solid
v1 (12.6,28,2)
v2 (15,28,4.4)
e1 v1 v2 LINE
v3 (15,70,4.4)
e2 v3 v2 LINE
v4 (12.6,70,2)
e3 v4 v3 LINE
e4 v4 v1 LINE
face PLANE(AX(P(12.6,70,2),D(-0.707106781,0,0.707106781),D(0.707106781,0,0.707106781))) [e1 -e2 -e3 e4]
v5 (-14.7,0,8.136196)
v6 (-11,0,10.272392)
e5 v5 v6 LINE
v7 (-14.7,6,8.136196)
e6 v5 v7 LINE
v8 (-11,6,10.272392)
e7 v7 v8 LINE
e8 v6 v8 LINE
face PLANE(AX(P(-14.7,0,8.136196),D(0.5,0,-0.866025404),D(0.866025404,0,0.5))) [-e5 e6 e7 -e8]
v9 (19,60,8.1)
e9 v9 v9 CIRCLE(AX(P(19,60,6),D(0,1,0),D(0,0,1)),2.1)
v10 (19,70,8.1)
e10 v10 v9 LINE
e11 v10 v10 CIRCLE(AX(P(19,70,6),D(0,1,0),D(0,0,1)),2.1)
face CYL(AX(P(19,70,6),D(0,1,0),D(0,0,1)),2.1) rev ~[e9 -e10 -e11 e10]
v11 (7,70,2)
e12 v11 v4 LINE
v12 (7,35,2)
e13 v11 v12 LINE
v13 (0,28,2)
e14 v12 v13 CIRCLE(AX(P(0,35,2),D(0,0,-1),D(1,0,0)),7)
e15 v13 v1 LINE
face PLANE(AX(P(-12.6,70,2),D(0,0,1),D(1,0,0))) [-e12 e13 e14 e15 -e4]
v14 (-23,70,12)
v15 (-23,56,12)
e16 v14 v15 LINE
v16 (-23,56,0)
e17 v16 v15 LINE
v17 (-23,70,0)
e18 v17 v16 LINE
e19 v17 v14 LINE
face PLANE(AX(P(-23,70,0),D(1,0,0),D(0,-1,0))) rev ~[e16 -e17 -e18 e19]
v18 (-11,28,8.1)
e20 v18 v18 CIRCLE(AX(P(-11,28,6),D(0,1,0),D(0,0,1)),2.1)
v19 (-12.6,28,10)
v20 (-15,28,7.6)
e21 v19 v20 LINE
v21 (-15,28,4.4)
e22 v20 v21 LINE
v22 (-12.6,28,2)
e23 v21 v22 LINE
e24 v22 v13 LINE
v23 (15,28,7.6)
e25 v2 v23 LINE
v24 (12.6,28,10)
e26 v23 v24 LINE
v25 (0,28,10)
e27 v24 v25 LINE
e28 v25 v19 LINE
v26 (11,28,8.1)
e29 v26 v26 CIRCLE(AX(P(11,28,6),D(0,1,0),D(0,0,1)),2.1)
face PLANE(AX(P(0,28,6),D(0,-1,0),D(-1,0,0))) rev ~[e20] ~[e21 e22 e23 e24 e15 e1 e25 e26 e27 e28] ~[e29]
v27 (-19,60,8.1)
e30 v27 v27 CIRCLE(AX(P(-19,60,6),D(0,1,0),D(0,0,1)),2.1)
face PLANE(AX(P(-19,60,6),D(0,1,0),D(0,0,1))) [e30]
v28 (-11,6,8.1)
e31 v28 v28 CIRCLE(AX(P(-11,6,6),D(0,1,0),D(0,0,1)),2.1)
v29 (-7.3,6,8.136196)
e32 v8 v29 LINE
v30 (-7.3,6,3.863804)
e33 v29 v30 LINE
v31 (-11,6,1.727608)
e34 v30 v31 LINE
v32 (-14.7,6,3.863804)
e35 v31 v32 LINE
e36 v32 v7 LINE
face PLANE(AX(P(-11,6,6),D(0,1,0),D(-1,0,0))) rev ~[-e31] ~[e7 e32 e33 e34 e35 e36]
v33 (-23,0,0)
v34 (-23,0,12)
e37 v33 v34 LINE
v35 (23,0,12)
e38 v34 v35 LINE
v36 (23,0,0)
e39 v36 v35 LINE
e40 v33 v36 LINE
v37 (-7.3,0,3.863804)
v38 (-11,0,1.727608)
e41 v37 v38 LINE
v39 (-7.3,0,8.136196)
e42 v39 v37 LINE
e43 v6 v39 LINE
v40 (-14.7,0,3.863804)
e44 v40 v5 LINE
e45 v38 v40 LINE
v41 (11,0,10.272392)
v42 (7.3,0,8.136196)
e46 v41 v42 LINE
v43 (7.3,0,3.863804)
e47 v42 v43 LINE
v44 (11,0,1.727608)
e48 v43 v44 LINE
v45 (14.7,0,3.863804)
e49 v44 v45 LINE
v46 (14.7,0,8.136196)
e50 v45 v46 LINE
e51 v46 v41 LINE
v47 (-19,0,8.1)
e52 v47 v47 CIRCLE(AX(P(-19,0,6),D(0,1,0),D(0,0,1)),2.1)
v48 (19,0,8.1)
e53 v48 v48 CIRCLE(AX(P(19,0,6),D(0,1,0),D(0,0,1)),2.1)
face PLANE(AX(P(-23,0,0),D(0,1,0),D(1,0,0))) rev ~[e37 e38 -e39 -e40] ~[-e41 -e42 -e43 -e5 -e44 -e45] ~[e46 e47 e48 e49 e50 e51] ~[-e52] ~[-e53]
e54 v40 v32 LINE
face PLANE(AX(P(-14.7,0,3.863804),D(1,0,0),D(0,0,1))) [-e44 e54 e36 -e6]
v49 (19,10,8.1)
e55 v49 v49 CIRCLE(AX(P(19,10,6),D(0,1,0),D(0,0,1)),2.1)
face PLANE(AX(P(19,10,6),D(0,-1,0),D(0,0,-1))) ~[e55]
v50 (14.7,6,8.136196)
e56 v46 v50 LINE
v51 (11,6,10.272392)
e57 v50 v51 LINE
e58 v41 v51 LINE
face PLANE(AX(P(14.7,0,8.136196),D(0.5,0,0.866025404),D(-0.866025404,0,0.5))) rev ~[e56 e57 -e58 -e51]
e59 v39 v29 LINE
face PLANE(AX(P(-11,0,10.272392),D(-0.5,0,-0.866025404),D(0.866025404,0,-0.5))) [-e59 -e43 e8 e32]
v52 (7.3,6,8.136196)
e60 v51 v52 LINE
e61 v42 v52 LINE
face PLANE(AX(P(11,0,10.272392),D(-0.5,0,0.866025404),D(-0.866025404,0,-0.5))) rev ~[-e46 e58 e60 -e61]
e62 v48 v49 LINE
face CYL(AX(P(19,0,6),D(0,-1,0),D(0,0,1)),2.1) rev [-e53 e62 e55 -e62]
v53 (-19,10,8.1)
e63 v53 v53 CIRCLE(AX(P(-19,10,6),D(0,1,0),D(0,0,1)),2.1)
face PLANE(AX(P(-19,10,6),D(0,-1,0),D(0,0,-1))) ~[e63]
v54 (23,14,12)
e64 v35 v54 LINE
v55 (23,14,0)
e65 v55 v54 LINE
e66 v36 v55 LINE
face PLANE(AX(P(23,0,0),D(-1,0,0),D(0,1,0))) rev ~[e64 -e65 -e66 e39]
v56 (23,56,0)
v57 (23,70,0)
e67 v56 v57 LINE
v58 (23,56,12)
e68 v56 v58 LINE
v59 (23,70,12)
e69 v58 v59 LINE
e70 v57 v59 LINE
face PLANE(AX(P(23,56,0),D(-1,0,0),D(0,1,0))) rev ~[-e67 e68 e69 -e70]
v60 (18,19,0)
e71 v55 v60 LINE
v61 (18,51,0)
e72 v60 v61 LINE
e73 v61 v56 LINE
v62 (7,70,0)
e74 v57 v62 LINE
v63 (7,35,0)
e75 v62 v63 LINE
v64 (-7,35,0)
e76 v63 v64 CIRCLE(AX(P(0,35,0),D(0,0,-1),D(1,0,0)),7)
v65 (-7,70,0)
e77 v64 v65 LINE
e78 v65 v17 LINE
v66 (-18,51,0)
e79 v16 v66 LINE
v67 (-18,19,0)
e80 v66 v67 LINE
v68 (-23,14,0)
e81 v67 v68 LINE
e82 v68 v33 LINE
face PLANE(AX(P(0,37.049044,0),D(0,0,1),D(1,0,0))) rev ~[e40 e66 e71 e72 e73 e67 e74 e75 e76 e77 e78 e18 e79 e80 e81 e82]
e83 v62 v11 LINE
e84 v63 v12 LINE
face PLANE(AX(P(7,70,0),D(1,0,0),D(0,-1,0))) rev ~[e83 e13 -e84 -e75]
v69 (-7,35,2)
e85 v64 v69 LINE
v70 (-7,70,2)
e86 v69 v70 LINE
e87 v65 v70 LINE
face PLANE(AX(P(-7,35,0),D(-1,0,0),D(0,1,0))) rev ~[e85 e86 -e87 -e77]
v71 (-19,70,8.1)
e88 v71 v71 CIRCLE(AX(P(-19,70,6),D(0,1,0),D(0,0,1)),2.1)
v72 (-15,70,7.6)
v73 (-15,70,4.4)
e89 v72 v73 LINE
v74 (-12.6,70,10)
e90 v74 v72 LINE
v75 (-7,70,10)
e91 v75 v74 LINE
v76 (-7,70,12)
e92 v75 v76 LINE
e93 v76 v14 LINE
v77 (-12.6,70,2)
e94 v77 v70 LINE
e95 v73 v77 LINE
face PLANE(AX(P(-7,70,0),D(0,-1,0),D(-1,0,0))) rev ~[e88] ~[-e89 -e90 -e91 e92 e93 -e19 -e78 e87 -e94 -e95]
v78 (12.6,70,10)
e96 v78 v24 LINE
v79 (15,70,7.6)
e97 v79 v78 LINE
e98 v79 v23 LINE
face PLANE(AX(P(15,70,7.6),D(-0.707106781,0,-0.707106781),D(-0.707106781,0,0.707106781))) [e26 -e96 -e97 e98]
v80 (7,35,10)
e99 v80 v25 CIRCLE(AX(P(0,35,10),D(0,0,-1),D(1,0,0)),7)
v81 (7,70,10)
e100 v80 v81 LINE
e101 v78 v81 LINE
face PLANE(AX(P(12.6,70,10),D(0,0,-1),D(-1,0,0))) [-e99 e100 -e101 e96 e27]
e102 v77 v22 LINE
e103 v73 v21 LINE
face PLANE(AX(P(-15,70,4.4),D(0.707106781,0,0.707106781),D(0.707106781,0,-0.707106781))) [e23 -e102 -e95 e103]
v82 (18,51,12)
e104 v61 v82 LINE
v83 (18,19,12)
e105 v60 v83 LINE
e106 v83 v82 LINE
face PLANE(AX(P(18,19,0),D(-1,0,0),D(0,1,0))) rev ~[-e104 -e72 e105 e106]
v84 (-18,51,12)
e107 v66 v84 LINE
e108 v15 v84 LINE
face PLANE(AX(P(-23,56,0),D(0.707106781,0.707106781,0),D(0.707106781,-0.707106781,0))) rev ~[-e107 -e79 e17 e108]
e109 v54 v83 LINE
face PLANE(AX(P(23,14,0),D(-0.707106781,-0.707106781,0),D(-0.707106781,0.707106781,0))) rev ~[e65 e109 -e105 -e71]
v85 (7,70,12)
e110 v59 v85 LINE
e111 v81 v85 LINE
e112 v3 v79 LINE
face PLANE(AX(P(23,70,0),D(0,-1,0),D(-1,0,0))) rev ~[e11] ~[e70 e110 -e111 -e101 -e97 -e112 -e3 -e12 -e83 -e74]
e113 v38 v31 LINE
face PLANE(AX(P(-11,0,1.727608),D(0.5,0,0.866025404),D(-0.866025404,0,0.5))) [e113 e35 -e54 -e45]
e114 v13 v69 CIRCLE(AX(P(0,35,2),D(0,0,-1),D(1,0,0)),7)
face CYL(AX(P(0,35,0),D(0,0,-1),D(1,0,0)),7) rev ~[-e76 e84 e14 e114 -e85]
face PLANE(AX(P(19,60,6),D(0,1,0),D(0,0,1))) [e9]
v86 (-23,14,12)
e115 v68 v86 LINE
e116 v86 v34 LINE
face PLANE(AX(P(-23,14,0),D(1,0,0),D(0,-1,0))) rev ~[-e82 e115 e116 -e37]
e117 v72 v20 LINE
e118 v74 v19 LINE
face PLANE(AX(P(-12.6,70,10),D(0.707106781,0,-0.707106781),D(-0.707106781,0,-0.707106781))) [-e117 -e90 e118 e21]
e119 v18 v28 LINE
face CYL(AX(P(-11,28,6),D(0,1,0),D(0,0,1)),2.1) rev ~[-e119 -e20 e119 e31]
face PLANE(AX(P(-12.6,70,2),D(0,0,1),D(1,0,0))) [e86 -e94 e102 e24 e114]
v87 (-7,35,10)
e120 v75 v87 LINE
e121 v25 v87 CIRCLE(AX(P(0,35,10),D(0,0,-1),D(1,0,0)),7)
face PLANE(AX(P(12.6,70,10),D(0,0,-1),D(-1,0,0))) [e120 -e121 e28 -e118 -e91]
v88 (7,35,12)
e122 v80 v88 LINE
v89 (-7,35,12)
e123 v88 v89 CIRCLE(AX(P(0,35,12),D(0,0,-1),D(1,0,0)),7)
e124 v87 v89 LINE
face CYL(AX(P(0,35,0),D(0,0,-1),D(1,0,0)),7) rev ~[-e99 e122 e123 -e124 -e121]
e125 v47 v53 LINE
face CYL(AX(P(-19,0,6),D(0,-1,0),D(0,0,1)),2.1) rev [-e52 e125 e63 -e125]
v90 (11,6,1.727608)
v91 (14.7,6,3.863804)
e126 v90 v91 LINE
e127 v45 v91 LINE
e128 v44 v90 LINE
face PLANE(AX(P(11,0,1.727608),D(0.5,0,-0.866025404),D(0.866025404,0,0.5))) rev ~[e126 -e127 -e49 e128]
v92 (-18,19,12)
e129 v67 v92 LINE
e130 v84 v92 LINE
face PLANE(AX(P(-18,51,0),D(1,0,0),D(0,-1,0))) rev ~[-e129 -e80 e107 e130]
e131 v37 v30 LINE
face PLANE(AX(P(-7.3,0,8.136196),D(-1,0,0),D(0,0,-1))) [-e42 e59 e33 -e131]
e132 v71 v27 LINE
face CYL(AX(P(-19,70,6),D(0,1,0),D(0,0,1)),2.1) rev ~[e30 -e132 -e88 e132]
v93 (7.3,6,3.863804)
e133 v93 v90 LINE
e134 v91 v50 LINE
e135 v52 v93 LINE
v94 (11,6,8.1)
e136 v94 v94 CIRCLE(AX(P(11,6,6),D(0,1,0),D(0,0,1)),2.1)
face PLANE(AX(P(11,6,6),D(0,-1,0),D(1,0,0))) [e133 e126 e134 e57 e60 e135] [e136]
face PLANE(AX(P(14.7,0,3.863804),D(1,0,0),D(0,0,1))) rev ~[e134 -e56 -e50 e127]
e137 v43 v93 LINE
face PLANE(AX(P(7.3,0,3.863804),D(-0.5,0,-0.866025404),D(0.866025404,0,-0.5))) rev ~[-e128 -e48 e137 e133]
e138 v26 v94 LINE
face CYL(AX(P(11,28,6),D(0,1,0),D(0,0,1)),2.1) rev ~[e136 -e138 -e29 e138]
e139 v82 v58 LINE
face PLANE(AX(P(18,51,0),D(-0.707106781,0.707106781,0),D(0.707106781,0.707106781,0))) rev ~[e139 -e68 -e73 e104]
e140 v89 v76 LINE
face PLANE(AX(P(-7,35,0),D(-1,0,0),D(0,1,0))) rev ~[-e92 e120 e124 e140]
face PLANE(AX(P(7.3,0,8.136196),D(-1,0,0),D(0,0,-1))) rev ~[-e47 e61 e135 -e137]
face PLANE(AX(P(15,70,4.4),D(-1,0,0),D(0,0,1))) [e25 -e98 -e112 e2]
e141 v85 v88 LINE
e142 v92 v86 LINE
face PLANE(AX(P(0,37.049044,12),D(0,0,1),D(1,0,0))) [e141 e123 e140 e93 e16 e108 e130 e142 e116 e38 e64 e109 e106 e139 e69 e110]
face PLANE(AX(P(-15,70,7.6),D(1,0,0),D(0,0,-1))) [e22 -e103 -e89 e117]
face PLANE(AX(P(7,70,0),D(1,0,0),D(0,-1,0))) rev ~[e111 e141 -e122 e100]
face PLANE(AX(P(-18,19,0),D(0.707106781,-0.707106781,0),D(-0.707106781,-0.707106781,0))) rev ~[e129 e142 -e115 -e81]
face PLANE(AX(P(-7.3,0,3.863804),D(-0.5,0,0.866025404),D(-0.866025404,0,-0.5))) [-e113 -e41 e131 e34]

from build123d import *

# Parameters (mm, degrees)
DODANIE_WYCI_GNI_CIE1_DEPTH = 12
SZKIC2_R                    = 2.1
WYTNIJ_WYCI_GNI_CIE1_DEPTH  = 10
WYTNIJ_WYCI_GNI_CIE2_DEPTH  = 42
WYTNIJ_WYCI_GNI_CIE3_REACH  = 51.366
SZKIC4_R                    = 2.1
WYTNIJ_WYCI_GNI_CIE4_DEPTH  = 6


with BuildPart() as part:
    # Szkic1 → Dodanie-wyciągnięcie1 (new body)
    with BuildSketch(Plane.XY):
        with BuildLine():
            Line((-23, 0), (23, 0))
            Line((23, 0), (23, 14))
            Line((23, 14), (18, 19))
            Line((18, 19), (18, 51))
            Line((18, 51), (23, 56))
            Line((23, 56), (23, 70))
            Line((23, 70), (7, 70))
            Line((7, 70), (7, 35))
            ThreePointArc((7, 35), (0, 28), (-7, 35))
            Line((-7, 35), (-7, 70))
            Line((-7, 70), (-23, 70))
            Line((-23, 70), (-23, 56))
            Line((-23, 56), (-18, 51))
            Line((-18, 51), (-18, 19))
            Line((-18, 19), (-23, 14))
            Line((-23, 14), (-23, 0))
        make_face()
    extrude(amount=DODANIE_WYCI_GNI_CIE1_DEPTH)

    # Szkic2 → Wytnij-wyciągnięcie1 (cut)
    with BuildSketch(Plane(origin=(0, 70, 0), x_dir=(1, 0, 0), z_dir=(0, 1, 0))):
        with Locations(Location((-19, -6, 0), (0, 0, 270))):
            Circle(SZKIC2_R)
        with Locations(Location((19, -6, 0), (0, 0, 270))):
            Circle(SZKIC2_R)
    wytnij_wyci_gni_cie1 = extrude(amount=-WYTNIJ_WYCI_GNI_CIE1_DEPTH, mode=Mode.SUBTRACT)

    # Lustro1: Wytnij-wyciągnięcie1 across plane
    add(wytnij_wyci_gni_cie1.mirror(Plane(origin=(0, 35, 0), x_dir=(0, 0, 1), z_dir=(0, -1, 0))), mode=Mode.SUBTRACT)

    # Szkic3 → Wytnij-wyciągnięcie2 (cut)
    with BuildSketch(Plane(origin=(0, 70, 0), x_dir=(-1, 0, 0), z_dir=(0, -1, 0))):
        Polygon((12.6, -2), (-12.6, -2), (-15, -4.4), (-15, -7.6), (-12.6, -10), (12.6, -10), (15, -7.6), (15, -4.4), align=None)
    extrude(amount=WYTNIJ_WYCI_GNI_CIE2_DEPTH, mode=Mode.SUBTRACT)

    # Szkic4 → Wytnij-wyciągnięcie3 (cut, up to next)
    with BuildSketch(Plane(origin=(0, 28, 0), x_dir=(1, 0, 0), z_dir=(0, 1, 0)), mode=Mode.PRIVATE) as wytnij_wyci_gni_cie3_sk1:
        with Locations(Location((11, -6, 0), (0, 0, 270))):
            Circle(SZKIC4_R)
    wytnij_wyci_gni_cie3_tool1 = extrude(wytnij_wyci_gni_cie3_sk1.sketch, amount=-WYTNIJ_WYCI_GNI_CIE3_REACH, mode=Mode.PRIVATE) & part.part
    # Szkic4 → Wytnij-wyciągnięcie3 (cut, up to next)
    with BuildSketch(Plane(origin=(0, 28, 0), x_dir=(1, 0, 0), z_dir=(0, 1, 0)), mode=Mode.PRIVATE) as wytnij_wyci_gni_cie3_sk2:
        with Locations(Location((-11, -6, 0), (0, 0, 270))):
            Circle(SZKIC4_R)
    wytnij_wyci_gni_cie3_tool2 = extrude(wytnij_wyci_gni_cie3_sk2.sketch, amount=-WYTNIJ_WYCI_GNI_CIE3_REACH, mode=Mode.PRIVATE) & part.part
    add(wytnij_wyci_gni_cie3_tool1.solids().sort_by_distance((11, 28, 6))[0], mode=Mode.SUBTRACT)
    add(wytnij_wyci_gni_cie3_tool2.solids().sort_by_distance((-11, 28, 6))[0], mode=Mode.SUBTRACT)

    # Szkic5 → Wytnij-wyciągnięcie4 (cut)
    with BuildSketch(Plane.XZ):
        Polygon((11, 1.727608008), (14.7, 3.863804004), (14.7, 8.136195996), (11, 10.272391992), (7.3, 8.136195996), (7.3, 3.863804004), align=None)
        Polygon((-7.3, 3.863804004), (-11, 1.727608008), (-14.7, 3.863804004), (-14.7, 8.136195996), (-11, 10.272391992), (-7.3, 8.136195996), align=None)
    extrude(amount=-WYTNIJ_WYCI_GNI_CIE4_DEPTH, mode=Mode.SUBTRACT)


solid = part.part
